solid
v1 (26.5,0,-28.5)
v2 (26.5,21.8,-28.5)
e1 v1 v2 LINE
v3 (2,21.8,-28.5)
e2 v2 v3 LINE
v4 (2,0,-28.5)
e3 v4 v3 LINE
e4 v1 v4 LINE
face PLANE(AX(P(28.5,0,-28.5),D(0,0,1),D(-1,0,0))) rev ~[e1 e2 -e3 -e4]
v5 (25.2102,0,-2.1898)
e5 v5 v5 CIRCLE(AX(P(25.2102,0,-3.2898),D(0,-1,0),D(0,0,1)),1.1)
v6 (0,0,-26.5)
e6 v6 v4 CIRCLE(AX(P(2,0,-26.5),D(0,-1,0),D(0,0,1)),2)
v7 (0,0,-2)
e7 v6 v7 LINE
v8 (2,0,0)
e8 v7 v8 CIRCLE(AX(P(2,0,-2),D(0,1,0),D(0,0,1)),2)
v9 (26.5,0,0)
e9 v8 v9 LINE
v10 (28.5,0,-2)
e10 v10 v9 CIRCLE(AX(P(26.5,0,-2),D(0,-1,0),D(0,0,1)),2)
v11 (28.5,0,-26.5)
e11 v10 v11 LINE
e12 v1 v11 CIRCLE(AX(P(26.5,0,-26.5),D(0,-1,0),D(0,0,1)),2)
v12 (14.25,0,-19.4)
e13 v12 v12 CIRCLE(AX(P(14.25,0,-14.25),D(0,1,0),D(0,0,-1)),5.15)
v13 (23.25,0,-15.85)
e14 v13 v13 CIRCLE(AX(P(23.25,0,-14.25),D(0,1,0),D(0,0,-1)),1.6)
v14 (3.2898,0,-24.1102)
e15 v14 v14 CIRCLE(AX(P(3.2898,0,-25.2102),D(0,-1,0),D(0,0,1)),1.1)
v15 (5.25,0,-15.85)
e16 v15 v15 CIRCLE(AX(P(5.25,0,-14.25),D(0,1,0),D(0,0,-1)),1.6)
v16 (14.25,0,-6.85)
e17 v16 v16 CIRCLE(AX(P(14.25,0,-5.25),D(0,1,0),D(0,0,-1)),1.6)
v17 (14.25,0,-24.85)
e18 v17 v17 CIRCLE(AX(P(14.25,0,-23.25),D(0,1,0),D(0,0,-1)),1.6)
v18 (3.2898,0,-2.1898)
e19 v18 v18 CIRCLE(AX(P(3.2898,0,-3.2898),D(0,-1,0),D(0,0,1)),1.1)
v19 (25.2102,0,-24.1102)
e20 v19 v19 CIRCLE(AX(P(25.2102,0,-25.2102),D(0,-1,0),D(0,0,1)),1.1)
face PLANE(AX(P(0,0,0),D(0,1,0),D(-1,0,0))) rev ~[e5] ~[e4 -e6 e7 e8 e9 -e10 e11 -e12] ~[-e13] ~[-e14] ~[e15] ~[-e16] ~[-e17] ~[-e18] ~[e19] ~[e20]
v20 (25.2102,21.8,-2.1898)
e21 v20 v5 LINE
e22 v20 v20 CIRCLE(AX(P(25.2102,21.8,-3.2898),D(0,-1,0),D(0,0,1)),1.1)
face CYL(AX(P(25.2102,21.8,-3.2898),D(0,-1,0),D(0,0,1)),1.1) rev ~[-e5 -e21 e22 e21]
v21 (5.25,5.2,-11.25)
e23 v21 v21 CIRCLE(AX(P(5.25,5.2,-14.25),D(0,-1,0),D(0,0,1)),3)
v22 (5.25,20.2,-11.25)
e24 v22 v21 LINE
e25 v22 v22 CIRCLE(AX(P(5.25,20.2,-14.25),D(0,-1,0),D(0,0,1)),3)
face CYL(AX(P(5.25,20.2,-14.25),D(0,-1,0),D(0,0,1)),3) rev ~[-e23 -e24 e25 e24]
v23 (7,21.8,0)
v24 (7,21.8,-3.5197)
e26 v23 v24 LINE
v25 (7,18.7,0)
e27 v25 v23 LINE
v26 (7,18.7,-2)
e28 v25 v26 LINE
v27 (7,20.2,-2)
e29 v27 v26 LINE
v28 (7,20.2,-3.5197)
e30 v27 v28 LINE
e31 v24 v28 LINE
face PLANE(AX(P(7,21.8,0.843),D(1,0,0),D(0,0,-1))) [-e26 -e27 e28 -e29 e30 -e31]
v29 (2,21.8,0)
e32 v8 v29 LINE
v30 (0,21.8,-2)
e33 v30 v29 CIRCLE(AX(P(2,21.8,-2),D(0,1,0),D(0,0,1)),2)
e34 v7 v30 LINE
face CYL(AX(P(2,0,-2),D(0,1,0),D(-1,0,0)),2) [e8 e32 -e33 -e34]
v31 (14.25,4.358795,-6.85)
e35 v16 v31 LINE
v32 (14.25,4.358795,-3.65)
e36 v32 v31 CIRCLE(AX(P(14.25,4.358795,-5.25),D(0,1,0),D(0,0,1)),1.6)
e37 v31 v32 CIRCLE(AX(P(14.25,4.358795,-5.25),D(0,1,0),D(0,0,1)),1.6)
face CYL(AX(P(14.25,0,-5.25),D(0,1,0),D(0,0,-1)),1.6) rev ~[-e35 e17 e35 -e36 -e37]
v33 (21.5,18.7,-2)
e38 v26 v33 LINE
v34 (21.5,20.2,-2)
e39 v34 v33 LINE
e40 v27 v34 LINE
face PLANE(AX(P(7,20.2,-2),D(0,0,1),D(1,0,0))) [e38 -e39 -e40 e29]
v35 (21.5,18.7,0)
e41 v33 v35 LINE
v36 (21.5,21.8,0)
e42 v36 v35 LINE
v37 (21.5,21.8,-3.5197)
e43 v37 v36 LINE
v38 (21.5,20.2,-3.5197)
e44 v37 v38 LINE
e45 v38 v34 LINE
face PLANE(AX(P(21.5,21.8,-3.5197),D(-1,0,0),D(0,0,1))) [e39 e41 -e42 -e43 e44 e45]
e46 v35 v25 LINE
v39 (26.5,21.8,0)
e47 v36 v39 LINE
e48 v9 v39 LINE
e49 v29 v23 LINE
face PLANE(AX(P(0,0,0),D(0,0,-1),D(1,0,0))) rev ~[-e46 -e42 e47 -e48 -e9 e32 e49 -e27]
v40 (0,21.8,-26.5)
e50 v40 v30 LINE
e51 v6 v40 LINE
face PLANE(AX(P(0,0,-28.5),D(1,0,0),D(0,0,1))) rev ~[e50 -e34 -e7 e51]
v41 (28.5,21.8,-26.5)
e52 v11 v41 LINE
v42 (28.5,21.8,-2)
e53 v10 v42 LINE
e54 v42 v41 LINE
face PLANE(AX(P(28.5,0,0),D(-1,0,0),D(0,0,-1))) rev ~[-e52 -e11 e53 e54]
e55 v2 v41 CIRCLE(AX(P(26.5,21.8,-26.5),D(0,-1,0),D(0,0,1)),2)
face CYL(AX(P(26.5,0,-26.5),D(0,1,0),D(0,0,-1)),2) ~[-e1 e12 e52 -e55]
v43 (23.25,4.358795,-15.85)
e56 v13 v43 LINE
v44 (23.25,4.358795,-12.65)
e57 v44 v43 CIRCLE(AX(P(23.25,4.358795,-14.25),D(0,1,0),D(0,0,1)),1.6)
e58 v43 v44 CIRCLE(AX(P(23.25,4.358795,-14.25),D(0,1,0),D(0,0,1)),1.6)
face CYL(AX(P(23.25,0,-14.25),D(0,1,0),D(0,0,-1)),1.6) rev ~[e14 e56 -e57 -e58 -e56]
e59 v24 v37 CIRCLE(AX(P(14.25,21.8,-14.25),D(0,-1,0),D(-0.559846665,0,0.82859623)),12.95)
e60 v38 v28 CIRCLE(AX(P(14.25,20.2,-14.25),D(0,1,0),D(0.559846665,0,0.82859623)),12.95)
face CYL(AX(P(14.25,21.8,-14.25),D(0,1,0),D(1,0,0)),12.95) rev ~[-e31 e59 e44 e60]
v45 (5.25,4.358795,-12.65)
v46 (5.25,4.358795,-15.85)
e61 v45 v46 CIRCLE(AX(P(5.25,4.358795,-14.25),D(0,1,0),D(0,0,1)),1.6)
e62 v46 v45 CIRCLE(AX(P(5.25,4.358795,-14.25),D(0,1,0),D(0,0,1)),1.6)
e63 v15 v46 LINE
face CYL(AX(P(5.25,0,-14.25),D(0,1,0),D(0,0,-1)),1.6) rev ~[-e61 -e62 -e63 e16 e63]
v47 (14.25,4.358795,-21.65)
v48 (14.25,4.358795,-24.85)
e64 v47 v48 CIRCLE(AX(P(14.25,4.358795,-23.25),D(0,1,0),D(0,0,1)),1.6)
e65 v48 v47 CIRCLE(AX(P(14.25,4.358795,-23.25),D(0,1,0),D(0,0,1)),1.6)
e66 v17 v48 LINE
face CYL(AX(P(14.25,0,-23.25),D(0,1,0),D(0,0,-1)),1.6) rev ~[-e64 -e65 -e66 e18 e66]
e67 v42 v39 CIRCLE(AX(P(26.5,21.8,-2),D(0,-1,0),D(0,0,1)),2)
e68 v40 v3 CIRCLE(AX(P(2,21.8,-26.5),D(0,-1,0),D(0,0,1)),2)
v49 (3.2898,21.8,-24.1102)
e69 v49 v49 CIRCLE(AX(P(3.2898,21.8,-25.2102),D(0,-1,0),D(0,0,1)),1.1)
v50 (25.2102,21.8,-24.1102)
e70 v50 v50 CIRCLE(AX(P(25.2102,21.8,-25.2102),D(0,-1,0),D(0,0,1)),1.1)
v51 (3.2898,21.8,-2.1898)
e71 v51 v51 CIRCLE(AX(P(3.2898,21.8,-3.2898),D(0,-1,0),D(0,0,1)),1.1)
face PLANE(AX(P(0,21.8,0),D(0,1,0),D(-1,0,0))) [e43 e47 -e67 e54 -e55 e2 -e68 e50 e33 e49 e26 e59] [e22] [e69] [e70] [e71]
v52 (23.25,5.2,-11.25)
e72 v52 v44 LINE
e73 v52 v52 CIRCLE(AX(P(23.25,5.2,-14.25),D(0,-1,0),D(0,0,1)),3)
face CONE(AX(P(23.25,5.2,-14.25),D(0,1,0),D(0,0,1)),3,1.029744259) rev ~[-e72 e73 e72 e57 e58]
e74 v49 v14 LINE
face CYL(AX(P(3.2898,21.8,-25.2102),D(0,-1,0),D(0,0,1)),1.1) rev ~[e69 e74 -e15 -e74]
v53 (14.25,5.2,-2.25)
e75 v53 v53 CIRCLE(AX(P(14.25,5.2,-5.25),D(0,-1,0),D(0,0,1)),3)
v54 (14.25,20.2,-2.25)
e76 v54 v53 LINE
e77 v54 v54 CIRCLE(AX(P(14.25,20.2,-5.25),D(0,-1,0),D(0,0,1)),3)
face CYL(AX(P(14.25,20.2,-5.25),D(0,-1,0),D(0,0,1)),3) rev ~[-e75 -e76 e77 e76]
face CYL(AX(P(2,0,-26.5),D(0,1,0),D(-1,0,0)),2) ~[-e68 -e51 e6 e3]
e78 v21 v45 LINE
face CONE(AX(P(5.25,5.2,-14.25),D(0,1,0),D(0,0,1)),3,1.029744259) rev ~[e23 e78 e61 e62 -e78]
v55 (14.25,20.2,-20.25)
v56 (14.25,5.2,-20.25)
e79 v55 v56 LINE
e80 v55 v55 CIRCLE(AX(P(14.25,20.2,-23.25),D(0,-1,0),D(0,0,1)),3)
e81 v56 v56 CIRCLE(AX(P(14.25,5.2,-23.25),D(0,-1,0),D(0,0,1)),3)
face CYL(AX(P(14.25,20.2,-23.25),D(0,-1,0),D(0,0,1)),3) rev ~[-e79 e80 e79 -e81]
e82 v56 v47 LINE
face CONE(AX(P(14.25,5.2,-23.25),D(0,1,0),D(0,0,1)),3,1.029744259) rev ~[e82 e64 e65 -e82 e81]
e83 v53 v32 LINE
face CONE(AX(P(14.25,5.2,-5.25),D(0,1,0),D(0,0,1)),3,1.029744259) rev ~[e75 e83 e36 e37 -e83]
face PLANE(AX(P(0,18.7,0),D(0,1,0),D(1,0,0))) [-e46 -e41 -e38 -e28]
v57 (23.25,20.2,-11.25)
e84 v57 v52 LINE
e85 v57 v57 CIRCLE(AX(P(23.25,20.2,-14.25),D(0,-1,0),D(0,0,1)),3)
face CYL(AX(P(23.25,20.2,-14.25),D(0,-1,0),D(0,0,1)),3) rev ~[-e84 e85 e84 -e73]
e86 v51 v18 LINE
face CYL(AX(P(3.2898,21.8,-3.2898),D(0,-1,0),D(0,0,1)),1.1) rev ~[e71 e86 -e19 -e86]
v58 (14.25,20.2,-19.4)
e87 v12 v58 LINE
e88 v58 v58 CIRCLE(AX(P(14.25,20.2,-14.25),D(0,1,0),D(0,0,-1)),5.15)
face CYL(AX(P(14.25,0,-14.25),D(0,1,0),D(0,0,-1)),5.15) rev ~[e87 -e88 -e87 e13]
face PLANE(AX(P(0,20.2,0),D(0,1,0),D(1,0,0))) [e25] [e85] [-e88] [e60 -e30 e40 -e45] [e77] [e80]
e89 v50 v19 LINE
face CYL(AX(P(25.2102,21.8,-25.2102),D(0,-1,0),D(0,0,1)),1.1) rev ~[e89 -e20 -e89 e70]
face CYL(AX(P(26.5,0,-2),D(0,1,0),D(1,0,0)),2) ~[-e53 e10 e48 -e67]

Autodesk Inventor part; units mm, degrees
ref_plane "YZ Plane" through (0, 0, 0) normal (1, 0, 0) x (0, 1, 0)
ref_plane "XZ Plane" through (0, 0, 0) normal (0, 1, 0) x (-1, 0, 0)
ref_plane "XY Plane" through (0, 0, 0) normal (0, 0, 1) x (1, 0, 0)
sketch "スケッチ4" plane through (0, 0, 0) normal (0, 1, 0) x (-1, 0, 0)
  line L0 (0, 0) -> (-28.5, 0)
  line L1 (-28.5, 0) -> (-28.5, -28.5)
  line L2 (-28.5, -28.5) -> (0, -28.5)
  line L3 (0, -28.5) -> (0, 0)
  dimension "d6" = 28.5
  dimension "d7" = 28.5
extrude "押し出し2" add sketch "スケッチ4" along normal blind 21.8
sketch "スケッチ5" plane through (0, 21.8, 0) normal (0, 1, 0) x (1, 0, 0)
  circle A0 centre (14.25, 14.25) radius 12.95
  line L0 (0, 28.5) -> (0, 0) projected
  line L1 (28.5, 28.5) -> (0, 28.5) projected
  line L2 (7, 3.5197) -> (21.5, 3.5197)
  line L3 (21.5, 3.5197) -> (21.5, -0.843)
  line L4 (21.5, -0.843) -> (7, -0.843)
  line L5 (7, -0.843) -> (7, 3.5197)
  point P0 (0, 14.25)
  point P1 (14.25, 28.5)
  point P2 (7, 1.3383)
  point P3 (21.5, 3.5197)
  dimension "d10" = 25.9
  dimension "d28" = 14.5
  dimension "d29" = 7.25
sketch "スケッチ6" plane through (0, 21.8, 0) normal (0, 1, 0) x (1, 0, 0)
  circle A0 centre (14.25, 14.25) radius 12.95 projected
  line L0 (28.5, 0) -> (28.5, 28.5) construction
  line L1 (28.5, 28.5) -> (0, 28.5) construction
  line L2 (0, 0) -> (28.5, 0) construction
  circle A1 centre (24.5802, 2.4198) radius 0 construction
  circle A2 centre (14.25, 14.25) radius 15.5 construction
  line L3 (28.5, 0) -> (0, 28.5) construction
  line L4 (0, 28.5) -> (0, 0) construction
  line L5 (0, 0) -> (28.5, 28.5) construction
  point P0 (24.5802, 2.4198)
  point P1 (3.2898, 3.2898)
  point P2 (3.2898, 25.2102)
  point P3 (25.2102, 25.2102)
  point P4 (25.2102, 3.2898)
  dimension "d61" = 31
fillet "フィレット1" radius 2 4 edges at (0, 10.9, -28.5) (0, 10.9, 0) (28.5, 10.9, 0) (28.5, 10.9, -28.5)
extrude "押し出し3" cut sketch "スケッチ5" against normal blind 1.6
sketch "スケッチ7" plane through (0, 0, 0) normal (0, -1, 0) x (1, 0, 0)
  line L0 (0, -26.5) -> (0, -2) projected
  line L1 (26.5, -28.5) -> (2, -28.5) projected
  point P0 (0, 0)
  point P1 (14.25, -14.25)
  point P2 (0, -14.25)
  point P3 (14.25, -28.5)
hole "穴3" at (14.25, 0, -14.25) direction (0, 1, 0) diameter 10.3 end through all
sketch "スケッチ8" plane through (0, 0, 0) normal (0, -1, 0) x (1, 0, 0)
  line L0 (0, -26.5) -> (0, -2) projected
  line L1 (26.5, -28.5) -> (2, -28.5) projected
  circle A0 centre (14.25, -14.25) radius 9
  point P0 (0, 0)
  point P1 (0, -14.25)
  point P2 (14.25, -28.5)
  point P3 (14.25, -23.25)
  point P4 (5.25, -14.25)
  point P5 (14.25, -5.25)
  point P6 (23.25, -14.25)
  dimension "d39" = 18
hole "穴4" at (14.25, 0, -14.25) at (14.25, 0, -23.25) at (5.25, 0, -14.25) at (14.25, 0, -5.25) at (23.25, 0, -14.25) direction (0, 1, 0) diameter 3.2 end through all
sketch "スケッチ9" plane through (0, 20.2, 0) normal (0, 1, 0) x (1, 0, 0)
  circle A0 centre (14.25, 5.25) radius 1.6 projected
  circle A1 centre (5.25, 14.25) radius 1.6 projected
  circle A2 centre (14.25, 23.25) radius 1.6 projected
  circle A3 centre (23.25, 14.25) radius 1.6 projected
  point P0 (0, 0)
hole "穴5" at (14.25, 20.2, -5.25) at (5.25, 20.2, -14.25) at (14.25, 20.2, -23.25) at (23.25, 20.2, -14.25) direction (0, -1, 0) diameter 6 depth 15 tip angle 118
sketch "スケッチ10" plane through (0, 21.8, 0) normal (0, 1, 0) x (1, 0, 0)
  circle A0 centre (24.5802, 2.4198) radius 1.1 projected
  circle A1 centre (2.4198, 2.4198) radius 1.1 projected
  circle A2 centre (2.4198, 24.5802) radius 1.1 projected
  circle A3 centre (24.5802, 24.5802) radius 1.1 projected
  point P0 (0, 0)
hole "穴6" [suppressed]
hole "穴7" at (3.2898, 21.8, -3.2898) at (3.2898, 21.8, -25.2102) at (25.2102, 21.8, -25.2102) at (25.2102, 21.8, -3.2898) direction (0, -1, 0) diameter 2.2 end through all
sketch "スケッチ11" plane through (0, 20.2, 0) normal (0, 1, 0) x (1, 0, 0)
  line L0 (7, 0) -> (7, 3.5197) projected
  line L1 (21.5, 0) -> (7, 0)
  line L2 (7, 0) -> (7, 2)
  line L3 (7, 2) -> (21.5, 2)
  line L4 (21.5, 2) -> (21.5, 0)
  point P0 (7, 0)
  dimension "d72" = 2
extrude "押し出し5" cut sketch "スケッチ11" against normal blind 1.5
properties part number "NewPart1_for_shoulder"
